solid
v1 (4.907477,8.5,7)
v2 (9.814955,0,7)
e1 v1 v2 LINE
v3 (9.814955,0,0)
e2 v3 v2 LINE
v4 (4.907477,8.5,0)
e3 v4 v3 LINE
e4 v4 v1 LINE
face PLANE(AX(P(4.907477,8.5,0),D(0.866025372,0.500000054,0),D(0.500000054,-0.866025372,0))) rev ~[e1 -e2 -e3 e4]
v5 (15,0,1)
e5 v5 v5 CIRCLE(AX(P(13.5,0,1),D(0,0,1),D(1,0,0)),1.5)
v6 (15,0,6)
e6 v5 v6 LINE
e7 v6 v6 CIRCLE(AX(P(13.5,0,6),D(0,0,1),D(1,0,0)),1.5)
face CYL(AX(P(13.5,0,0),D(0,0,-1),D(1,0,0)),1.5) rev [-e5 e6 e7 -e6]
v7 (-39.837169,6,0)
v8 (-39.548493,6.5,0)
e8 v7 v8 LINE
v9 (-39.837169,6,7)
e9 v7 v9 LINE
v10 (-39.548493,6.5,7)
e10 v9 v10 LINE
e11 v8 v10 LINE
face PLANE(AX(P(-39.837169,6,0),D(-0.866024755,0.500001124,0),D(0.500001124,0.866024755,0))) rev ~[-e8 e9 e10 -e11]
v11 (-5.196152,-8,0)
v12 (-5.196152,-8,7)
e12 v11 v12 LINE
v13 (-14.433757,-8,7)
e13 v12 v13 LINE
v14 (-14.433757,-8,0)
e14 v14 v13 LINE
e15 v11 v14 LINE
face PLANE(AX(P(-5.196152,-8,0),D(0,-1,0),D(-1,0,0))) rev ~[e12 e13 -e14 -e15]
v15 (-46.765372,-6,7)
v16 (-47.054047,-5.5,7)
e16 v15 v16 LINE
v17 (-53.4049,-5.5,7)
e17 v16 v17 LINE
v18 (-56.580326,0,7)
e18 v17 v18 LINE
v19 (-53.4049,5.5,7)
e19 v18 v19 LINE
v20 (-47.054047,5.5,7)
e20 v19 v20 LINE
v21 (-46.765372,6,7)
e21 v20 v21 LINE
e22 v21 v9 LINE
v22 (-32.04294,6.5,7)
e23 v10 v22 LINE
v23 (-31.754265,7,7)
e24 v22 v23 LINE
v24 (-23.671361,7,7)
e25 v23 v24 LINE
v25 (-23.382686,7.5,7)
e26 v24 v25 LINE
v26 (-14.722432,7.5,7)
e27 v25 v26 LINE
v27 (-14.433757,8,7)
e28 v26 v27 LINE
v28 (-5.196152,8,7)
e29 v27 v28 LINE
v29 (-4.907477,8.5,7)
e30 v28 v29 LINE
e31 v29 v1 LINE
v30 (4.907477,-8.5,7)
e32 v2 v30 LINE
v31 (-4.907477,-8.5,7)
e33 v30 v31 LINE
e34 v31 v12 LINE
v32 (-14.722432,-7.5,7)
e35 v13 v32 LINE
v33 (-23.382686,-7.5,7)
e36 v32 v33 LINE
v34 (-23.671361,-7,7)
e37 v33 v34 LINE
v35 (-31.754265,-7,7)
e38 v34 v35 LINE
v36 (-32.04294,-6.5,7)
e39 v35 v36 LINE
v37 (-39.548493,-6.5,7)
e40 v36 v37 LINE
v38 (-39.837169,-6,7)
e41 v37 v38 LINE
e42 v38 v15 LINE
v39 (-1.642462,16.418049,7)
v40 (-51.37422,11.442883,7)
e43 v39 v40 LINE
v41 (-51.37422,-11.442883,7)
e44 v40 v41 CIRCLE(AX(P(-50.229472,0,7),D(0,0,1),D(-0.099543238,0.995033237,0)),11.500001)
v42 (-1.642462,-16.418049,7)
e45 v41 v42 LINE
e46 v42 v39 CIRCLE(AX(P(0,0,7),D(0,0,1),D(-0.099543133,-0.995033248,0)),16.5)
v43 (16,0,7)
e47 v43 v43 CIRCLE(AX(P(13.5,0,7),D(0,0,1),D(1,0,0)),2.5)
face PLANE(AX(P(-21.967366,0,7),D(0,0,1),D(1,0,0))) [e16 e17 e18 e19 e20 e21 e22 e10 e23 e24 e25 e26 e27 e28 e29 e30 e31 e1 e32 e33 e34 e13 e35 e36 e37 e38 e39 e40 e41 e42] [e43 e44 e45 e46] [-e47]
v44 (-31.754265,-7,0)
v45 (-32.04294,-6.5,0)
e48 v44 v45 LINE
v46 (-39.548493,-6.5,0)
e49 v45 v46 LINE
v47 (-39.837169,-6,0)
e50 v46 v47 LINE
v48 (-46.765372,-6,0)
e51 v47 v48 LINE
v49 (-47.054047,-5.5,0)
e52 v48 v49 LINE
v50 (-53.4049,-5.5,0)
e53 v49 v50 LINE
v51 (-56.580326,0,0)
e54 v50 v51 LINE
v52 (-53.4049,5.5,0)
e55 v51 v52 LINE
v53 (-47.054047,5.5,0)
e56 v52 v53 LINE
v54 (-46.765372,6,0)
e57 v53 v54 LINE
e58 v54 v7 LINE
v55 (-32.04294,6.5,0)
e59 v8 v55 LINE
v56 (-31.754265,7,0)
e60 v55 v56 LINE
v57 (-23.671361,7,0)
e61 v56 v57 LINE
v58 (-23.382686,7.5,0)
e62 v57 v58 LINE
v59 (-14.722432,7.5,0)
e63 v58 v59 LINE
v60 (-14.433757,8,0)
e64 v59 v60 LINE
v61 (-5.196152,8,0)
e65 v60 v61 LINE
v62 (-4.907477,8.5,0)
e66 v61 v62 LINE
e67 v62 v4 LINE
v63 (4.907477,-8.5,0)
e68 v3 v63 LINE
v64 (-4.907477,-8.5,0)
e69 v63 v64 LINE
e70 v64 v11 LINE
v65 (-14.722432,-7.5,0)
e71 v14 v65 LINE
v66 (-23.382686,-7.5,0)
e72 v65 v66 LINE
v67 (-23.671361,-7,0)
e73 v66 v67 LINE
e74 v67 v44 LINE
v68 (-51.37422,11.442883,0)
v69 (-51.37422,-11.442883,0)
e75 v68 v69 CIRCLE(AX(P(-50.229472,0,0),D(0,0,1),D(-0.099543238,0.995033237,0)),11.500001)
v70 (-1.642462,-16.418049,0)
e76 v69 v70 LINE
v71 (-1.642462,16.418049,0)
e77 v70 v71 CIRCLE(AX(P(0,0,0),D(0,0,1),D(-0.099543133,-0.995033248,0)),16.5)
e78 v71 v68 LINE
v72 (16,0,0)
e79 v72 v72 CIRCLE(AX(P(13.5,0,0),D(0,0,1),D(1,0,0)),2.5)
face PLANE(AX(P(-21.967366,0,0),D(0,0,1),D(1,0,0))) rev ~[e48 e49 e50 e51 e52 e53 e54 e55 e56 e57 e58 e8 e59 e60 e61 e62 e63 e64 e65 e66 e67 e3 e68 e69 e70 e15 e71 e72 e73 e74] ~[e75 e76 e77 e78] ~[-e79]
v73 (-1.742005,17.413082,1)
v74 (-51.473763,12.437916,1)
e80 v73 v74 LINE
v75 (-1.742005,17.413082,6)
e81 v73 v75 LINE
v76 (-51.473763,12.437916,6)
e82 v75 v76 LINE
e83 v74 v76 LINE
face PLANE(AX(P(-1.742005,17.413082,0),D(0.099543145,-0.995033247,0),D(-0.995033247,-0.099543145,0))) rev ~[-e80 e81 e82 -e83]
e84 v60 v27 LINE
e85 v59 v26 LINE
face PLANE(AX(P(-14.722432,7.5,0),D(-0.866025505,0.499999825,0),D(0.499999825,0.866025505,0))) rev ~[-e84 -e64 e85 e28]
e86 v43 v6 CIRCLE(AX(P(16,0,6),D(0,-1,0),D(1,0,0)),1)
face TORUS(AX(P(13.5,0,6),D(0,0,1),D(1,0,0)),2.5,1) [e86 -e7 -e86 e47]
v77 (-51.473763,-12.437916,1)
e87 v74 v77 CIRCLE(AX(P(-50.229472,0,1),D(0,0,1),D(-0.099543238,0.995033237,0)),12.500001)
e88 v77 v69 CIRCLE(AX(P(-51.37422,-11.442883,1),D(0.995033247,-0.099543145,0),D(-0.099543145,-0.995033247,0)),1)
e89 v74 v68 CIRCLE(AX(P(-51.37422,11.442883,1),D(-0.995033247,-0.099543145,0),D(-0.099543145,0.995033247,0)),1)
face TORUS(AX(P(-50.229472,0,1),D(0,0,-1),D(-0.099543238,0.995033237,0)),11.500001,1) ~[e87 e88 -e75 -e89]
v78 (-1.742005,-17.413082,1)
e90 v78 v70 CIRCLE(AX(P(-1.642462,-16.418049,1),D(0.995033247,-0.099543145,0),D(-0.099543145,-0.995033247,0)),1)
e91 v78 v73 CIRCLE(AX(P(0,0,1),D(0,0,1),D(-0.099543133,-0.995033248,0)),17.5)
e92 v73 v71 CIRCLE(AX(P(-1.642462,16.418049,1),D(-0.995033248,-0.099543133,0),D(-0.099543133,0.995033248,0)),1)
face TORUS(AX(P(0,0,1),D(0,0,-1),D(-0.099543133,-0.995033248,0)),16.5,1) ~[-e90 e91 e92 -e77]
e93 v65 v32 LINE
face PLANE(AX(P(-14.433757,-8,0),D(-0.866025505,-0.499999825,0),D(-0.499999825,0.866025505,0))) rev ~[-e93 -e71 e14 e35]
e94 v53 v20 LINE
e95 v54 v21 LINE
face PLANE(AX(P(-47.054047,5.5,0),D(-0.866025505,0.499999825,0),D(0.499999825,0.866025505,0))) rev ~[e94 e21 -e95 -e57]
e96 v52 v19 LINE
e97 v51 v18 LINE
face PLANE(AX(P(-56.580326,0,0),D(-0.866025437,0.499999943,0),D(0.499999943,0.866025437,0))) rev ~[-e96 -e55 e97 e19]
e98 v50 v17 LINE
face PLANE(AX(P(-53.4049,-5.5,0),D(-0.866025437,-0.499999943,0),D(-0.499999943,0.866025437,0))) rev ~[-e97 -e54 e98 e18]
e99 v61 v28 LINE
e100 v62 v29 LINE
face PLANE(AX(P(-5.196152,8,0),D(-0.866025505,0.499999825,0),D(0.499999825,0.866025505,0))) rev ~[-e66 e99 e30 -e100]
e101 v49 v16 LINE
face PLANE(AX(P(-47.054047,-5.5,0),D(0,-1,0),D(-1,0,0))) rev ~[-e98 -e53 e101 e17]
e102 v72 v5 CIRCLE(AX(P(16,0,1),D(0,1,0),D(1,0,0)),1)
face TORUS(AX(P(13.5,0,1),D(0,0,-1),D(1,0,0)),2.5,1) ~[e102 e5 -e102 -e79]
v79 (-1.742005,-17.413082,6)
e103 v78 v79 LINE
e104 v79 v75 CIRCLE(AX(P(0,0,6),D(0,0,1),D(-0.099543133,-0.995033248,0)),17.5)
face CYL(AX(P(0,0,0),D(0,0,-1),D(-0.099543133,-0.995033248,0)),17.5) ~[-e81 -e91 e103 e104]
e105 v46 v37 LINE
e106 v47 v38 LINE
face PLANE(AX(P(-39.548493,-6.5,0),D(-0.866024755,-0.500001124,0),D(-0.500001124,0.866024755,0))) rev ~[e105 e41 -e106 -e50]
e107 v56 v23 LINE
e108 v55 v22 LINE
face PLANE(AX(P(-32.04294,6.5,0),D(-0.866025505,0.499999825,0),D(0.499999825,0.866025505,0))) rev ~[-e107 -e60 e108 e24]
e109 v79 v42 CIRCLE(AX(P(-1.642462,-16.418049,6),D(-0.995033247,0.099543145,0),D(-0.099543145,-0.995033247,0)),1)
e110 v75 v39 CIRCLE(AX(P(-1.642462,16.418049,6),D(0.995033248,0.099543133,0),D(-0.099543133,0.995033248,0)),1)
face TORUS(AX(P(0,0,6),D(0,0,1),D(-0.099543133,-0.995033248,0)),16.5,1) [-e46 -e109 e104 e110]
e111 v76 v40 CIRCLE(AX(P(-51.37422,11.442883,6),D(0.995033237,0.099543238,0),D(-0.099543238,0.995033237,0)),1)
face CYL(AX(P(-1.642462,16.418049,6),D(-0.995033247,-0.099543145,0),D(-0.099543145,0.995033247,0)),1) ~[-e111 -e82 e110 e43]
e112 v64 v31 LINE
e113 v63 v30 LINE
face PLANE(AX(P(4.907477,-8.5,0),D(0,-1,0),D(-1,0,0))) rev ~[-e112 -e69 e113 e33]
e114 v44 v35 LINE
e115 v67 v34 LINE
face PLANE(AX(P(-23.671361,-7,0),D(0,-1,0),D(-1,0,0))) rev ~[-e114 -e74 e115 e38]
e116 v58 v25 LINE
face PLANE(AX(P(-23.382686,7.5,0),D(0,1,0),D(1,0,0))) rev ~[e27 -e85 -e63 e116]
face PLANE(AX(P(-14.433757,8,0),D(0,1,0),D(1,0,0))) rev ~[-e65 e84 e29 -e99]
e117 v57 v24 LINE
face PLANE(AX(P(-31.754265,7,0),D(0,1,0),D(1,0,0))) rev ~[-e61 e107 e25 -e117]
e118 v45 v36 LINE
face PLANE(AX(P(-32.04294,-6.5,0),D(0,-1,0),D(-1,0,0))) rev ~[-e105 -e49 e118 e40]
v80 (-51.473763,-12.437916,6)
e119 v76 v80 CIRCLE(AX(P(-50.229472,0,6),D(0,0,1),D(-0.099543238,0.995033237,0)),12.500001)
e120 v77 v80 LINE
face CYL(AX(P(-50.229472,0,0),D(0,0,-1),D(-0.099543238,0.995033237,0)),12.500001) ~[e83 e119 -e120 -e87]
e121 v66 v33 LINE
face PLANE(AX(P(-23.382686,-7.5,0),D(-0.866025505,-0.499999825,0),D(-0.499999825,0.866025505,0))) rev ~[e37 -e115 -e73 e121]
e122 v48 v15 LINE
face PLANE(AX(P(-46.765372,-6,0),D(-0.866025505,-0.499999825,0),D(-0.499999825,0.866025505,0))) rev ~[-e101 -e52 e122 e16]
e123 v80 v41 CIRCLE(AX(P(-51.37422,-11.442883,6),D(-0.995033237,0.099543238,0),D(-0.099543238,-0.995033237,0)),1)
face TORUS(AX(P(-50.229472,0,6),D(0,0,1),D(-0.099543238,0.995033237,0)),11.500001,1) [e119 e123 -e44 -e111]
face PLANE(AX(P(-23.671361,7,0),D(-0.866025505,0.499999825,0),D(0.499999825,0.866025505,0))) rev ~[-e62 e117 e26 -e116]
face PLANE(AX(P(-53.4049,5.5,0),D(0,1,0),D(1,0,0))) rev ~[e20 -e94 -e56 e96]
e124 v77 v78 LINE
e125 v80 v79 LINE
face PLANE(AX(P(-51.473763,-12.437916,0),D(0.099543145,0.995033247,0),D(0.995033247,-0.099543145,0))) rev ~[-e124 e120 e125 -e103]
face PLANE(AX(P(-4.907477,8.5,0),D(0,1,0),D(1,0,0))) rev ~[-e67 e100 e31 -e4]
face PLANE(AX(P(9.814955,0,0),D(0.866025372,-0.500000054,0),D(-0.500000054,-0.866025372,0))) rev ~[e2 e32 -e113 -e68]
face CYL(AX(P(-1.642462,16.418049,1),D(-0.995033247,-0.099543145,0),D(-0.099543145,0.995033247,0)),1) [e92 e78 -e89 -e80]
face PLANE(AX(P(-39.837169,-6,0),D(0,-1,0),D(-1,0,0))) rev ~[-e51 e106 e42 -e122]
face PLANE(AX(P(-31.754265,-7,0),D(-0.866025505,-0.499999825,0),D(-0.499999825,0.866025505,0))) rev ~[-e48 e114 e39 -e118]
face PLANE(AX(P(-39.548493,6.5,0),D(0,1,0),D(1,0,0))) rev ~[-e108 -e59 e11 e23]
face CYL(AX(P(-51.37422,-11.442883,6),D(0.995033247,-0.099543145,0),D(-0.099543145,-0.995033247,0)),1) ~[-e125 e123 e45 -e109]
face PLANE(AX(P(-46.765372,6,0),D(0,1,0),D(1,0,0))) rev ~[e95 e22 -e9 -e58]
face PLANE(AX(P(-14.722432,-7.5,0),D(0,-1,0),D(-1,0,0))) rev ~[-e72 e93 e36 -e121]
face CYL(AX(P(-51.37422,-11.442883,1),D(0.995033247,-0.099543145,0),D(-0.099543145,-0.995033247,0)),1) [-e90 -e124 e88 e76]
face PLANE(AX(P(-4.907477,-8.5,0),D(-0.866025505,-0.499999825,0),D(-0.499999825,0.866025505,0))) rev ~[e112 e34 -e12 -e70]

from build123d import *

# Parameters (mm, degrees)
F0_R     = 1.5
F1_DEPTH = 7
F2_R     = 1
F3_R     = 1


with BuildPart() as f1:
    # F0 (on Top) → F1 (new body)
    with BuildSketch(Plane.XY):
        with BuildLine():
            Line((-51.473763, -12.437916), (-1.742005, -17.413082))
            ThreePointArc((-1.742005, -17.413082), (17.5, 0), (-1.742005, 17.413082))
            Line((-1.742005, 17.413082), (-51.473763, 12.437916))
            ThreePointArc((-51.473763, 12.437916), (-62.729473, 0), (-51.473763, -12.437916))
        make_face()
        Polygon((4.907477, 8.5), (9.814955, 0), (4.907477, -8.5), (-4.907477, -8.5), (-5.196152, -8), (-14.433757, -8), (-14.722432, -7.5), (-23.382686, -7.5), (-23.671361, -7), (-31.754265, -7), (-32.04294, -6.5), (-39.548493, -6.5), (-39.837169, -6), (-46.765372, -6), (-47.054047, -5.5), (-53.4049, -5.5), (-56.580326, 0), (-53.4049, 5.5), (-47.054047, 5.5), (-46.765372, 6), (-39.837169, 6), (-39.548493, 6.5), (-32.04294, 6.5), (-31.754265, 7), (-23.671361, 7), (-23.382686, 7.5), (-14.722432, 7.5), (-14.433757, 8), (-5.196152, 8), (-4.907477, 8.5), align=None, mode=Mode.SUBTRACT)
        with Locations((13.5, 0)):
            Circle(F0_R, mode=Mode.SUBTRACT)
    extrude(amount=F1_DEPTH)

    # F2
    f2_edges = [f1.edges().sort_by_distance(p)[0] for p in [
        (-62.729473, 0, 7),
        (-26.607884, -14.925499, 0),
    ]]
    fillet(f2_edges, radius=F2_R)

    # F3
    f3_edges = [f1.edges().sort_by_distance(p)[0] for p in [
        (12, 0, 7),
        (12, 0, 0),
    ]]
    fillet(f3_edges, radius=F3_R)


solid = f1.part
